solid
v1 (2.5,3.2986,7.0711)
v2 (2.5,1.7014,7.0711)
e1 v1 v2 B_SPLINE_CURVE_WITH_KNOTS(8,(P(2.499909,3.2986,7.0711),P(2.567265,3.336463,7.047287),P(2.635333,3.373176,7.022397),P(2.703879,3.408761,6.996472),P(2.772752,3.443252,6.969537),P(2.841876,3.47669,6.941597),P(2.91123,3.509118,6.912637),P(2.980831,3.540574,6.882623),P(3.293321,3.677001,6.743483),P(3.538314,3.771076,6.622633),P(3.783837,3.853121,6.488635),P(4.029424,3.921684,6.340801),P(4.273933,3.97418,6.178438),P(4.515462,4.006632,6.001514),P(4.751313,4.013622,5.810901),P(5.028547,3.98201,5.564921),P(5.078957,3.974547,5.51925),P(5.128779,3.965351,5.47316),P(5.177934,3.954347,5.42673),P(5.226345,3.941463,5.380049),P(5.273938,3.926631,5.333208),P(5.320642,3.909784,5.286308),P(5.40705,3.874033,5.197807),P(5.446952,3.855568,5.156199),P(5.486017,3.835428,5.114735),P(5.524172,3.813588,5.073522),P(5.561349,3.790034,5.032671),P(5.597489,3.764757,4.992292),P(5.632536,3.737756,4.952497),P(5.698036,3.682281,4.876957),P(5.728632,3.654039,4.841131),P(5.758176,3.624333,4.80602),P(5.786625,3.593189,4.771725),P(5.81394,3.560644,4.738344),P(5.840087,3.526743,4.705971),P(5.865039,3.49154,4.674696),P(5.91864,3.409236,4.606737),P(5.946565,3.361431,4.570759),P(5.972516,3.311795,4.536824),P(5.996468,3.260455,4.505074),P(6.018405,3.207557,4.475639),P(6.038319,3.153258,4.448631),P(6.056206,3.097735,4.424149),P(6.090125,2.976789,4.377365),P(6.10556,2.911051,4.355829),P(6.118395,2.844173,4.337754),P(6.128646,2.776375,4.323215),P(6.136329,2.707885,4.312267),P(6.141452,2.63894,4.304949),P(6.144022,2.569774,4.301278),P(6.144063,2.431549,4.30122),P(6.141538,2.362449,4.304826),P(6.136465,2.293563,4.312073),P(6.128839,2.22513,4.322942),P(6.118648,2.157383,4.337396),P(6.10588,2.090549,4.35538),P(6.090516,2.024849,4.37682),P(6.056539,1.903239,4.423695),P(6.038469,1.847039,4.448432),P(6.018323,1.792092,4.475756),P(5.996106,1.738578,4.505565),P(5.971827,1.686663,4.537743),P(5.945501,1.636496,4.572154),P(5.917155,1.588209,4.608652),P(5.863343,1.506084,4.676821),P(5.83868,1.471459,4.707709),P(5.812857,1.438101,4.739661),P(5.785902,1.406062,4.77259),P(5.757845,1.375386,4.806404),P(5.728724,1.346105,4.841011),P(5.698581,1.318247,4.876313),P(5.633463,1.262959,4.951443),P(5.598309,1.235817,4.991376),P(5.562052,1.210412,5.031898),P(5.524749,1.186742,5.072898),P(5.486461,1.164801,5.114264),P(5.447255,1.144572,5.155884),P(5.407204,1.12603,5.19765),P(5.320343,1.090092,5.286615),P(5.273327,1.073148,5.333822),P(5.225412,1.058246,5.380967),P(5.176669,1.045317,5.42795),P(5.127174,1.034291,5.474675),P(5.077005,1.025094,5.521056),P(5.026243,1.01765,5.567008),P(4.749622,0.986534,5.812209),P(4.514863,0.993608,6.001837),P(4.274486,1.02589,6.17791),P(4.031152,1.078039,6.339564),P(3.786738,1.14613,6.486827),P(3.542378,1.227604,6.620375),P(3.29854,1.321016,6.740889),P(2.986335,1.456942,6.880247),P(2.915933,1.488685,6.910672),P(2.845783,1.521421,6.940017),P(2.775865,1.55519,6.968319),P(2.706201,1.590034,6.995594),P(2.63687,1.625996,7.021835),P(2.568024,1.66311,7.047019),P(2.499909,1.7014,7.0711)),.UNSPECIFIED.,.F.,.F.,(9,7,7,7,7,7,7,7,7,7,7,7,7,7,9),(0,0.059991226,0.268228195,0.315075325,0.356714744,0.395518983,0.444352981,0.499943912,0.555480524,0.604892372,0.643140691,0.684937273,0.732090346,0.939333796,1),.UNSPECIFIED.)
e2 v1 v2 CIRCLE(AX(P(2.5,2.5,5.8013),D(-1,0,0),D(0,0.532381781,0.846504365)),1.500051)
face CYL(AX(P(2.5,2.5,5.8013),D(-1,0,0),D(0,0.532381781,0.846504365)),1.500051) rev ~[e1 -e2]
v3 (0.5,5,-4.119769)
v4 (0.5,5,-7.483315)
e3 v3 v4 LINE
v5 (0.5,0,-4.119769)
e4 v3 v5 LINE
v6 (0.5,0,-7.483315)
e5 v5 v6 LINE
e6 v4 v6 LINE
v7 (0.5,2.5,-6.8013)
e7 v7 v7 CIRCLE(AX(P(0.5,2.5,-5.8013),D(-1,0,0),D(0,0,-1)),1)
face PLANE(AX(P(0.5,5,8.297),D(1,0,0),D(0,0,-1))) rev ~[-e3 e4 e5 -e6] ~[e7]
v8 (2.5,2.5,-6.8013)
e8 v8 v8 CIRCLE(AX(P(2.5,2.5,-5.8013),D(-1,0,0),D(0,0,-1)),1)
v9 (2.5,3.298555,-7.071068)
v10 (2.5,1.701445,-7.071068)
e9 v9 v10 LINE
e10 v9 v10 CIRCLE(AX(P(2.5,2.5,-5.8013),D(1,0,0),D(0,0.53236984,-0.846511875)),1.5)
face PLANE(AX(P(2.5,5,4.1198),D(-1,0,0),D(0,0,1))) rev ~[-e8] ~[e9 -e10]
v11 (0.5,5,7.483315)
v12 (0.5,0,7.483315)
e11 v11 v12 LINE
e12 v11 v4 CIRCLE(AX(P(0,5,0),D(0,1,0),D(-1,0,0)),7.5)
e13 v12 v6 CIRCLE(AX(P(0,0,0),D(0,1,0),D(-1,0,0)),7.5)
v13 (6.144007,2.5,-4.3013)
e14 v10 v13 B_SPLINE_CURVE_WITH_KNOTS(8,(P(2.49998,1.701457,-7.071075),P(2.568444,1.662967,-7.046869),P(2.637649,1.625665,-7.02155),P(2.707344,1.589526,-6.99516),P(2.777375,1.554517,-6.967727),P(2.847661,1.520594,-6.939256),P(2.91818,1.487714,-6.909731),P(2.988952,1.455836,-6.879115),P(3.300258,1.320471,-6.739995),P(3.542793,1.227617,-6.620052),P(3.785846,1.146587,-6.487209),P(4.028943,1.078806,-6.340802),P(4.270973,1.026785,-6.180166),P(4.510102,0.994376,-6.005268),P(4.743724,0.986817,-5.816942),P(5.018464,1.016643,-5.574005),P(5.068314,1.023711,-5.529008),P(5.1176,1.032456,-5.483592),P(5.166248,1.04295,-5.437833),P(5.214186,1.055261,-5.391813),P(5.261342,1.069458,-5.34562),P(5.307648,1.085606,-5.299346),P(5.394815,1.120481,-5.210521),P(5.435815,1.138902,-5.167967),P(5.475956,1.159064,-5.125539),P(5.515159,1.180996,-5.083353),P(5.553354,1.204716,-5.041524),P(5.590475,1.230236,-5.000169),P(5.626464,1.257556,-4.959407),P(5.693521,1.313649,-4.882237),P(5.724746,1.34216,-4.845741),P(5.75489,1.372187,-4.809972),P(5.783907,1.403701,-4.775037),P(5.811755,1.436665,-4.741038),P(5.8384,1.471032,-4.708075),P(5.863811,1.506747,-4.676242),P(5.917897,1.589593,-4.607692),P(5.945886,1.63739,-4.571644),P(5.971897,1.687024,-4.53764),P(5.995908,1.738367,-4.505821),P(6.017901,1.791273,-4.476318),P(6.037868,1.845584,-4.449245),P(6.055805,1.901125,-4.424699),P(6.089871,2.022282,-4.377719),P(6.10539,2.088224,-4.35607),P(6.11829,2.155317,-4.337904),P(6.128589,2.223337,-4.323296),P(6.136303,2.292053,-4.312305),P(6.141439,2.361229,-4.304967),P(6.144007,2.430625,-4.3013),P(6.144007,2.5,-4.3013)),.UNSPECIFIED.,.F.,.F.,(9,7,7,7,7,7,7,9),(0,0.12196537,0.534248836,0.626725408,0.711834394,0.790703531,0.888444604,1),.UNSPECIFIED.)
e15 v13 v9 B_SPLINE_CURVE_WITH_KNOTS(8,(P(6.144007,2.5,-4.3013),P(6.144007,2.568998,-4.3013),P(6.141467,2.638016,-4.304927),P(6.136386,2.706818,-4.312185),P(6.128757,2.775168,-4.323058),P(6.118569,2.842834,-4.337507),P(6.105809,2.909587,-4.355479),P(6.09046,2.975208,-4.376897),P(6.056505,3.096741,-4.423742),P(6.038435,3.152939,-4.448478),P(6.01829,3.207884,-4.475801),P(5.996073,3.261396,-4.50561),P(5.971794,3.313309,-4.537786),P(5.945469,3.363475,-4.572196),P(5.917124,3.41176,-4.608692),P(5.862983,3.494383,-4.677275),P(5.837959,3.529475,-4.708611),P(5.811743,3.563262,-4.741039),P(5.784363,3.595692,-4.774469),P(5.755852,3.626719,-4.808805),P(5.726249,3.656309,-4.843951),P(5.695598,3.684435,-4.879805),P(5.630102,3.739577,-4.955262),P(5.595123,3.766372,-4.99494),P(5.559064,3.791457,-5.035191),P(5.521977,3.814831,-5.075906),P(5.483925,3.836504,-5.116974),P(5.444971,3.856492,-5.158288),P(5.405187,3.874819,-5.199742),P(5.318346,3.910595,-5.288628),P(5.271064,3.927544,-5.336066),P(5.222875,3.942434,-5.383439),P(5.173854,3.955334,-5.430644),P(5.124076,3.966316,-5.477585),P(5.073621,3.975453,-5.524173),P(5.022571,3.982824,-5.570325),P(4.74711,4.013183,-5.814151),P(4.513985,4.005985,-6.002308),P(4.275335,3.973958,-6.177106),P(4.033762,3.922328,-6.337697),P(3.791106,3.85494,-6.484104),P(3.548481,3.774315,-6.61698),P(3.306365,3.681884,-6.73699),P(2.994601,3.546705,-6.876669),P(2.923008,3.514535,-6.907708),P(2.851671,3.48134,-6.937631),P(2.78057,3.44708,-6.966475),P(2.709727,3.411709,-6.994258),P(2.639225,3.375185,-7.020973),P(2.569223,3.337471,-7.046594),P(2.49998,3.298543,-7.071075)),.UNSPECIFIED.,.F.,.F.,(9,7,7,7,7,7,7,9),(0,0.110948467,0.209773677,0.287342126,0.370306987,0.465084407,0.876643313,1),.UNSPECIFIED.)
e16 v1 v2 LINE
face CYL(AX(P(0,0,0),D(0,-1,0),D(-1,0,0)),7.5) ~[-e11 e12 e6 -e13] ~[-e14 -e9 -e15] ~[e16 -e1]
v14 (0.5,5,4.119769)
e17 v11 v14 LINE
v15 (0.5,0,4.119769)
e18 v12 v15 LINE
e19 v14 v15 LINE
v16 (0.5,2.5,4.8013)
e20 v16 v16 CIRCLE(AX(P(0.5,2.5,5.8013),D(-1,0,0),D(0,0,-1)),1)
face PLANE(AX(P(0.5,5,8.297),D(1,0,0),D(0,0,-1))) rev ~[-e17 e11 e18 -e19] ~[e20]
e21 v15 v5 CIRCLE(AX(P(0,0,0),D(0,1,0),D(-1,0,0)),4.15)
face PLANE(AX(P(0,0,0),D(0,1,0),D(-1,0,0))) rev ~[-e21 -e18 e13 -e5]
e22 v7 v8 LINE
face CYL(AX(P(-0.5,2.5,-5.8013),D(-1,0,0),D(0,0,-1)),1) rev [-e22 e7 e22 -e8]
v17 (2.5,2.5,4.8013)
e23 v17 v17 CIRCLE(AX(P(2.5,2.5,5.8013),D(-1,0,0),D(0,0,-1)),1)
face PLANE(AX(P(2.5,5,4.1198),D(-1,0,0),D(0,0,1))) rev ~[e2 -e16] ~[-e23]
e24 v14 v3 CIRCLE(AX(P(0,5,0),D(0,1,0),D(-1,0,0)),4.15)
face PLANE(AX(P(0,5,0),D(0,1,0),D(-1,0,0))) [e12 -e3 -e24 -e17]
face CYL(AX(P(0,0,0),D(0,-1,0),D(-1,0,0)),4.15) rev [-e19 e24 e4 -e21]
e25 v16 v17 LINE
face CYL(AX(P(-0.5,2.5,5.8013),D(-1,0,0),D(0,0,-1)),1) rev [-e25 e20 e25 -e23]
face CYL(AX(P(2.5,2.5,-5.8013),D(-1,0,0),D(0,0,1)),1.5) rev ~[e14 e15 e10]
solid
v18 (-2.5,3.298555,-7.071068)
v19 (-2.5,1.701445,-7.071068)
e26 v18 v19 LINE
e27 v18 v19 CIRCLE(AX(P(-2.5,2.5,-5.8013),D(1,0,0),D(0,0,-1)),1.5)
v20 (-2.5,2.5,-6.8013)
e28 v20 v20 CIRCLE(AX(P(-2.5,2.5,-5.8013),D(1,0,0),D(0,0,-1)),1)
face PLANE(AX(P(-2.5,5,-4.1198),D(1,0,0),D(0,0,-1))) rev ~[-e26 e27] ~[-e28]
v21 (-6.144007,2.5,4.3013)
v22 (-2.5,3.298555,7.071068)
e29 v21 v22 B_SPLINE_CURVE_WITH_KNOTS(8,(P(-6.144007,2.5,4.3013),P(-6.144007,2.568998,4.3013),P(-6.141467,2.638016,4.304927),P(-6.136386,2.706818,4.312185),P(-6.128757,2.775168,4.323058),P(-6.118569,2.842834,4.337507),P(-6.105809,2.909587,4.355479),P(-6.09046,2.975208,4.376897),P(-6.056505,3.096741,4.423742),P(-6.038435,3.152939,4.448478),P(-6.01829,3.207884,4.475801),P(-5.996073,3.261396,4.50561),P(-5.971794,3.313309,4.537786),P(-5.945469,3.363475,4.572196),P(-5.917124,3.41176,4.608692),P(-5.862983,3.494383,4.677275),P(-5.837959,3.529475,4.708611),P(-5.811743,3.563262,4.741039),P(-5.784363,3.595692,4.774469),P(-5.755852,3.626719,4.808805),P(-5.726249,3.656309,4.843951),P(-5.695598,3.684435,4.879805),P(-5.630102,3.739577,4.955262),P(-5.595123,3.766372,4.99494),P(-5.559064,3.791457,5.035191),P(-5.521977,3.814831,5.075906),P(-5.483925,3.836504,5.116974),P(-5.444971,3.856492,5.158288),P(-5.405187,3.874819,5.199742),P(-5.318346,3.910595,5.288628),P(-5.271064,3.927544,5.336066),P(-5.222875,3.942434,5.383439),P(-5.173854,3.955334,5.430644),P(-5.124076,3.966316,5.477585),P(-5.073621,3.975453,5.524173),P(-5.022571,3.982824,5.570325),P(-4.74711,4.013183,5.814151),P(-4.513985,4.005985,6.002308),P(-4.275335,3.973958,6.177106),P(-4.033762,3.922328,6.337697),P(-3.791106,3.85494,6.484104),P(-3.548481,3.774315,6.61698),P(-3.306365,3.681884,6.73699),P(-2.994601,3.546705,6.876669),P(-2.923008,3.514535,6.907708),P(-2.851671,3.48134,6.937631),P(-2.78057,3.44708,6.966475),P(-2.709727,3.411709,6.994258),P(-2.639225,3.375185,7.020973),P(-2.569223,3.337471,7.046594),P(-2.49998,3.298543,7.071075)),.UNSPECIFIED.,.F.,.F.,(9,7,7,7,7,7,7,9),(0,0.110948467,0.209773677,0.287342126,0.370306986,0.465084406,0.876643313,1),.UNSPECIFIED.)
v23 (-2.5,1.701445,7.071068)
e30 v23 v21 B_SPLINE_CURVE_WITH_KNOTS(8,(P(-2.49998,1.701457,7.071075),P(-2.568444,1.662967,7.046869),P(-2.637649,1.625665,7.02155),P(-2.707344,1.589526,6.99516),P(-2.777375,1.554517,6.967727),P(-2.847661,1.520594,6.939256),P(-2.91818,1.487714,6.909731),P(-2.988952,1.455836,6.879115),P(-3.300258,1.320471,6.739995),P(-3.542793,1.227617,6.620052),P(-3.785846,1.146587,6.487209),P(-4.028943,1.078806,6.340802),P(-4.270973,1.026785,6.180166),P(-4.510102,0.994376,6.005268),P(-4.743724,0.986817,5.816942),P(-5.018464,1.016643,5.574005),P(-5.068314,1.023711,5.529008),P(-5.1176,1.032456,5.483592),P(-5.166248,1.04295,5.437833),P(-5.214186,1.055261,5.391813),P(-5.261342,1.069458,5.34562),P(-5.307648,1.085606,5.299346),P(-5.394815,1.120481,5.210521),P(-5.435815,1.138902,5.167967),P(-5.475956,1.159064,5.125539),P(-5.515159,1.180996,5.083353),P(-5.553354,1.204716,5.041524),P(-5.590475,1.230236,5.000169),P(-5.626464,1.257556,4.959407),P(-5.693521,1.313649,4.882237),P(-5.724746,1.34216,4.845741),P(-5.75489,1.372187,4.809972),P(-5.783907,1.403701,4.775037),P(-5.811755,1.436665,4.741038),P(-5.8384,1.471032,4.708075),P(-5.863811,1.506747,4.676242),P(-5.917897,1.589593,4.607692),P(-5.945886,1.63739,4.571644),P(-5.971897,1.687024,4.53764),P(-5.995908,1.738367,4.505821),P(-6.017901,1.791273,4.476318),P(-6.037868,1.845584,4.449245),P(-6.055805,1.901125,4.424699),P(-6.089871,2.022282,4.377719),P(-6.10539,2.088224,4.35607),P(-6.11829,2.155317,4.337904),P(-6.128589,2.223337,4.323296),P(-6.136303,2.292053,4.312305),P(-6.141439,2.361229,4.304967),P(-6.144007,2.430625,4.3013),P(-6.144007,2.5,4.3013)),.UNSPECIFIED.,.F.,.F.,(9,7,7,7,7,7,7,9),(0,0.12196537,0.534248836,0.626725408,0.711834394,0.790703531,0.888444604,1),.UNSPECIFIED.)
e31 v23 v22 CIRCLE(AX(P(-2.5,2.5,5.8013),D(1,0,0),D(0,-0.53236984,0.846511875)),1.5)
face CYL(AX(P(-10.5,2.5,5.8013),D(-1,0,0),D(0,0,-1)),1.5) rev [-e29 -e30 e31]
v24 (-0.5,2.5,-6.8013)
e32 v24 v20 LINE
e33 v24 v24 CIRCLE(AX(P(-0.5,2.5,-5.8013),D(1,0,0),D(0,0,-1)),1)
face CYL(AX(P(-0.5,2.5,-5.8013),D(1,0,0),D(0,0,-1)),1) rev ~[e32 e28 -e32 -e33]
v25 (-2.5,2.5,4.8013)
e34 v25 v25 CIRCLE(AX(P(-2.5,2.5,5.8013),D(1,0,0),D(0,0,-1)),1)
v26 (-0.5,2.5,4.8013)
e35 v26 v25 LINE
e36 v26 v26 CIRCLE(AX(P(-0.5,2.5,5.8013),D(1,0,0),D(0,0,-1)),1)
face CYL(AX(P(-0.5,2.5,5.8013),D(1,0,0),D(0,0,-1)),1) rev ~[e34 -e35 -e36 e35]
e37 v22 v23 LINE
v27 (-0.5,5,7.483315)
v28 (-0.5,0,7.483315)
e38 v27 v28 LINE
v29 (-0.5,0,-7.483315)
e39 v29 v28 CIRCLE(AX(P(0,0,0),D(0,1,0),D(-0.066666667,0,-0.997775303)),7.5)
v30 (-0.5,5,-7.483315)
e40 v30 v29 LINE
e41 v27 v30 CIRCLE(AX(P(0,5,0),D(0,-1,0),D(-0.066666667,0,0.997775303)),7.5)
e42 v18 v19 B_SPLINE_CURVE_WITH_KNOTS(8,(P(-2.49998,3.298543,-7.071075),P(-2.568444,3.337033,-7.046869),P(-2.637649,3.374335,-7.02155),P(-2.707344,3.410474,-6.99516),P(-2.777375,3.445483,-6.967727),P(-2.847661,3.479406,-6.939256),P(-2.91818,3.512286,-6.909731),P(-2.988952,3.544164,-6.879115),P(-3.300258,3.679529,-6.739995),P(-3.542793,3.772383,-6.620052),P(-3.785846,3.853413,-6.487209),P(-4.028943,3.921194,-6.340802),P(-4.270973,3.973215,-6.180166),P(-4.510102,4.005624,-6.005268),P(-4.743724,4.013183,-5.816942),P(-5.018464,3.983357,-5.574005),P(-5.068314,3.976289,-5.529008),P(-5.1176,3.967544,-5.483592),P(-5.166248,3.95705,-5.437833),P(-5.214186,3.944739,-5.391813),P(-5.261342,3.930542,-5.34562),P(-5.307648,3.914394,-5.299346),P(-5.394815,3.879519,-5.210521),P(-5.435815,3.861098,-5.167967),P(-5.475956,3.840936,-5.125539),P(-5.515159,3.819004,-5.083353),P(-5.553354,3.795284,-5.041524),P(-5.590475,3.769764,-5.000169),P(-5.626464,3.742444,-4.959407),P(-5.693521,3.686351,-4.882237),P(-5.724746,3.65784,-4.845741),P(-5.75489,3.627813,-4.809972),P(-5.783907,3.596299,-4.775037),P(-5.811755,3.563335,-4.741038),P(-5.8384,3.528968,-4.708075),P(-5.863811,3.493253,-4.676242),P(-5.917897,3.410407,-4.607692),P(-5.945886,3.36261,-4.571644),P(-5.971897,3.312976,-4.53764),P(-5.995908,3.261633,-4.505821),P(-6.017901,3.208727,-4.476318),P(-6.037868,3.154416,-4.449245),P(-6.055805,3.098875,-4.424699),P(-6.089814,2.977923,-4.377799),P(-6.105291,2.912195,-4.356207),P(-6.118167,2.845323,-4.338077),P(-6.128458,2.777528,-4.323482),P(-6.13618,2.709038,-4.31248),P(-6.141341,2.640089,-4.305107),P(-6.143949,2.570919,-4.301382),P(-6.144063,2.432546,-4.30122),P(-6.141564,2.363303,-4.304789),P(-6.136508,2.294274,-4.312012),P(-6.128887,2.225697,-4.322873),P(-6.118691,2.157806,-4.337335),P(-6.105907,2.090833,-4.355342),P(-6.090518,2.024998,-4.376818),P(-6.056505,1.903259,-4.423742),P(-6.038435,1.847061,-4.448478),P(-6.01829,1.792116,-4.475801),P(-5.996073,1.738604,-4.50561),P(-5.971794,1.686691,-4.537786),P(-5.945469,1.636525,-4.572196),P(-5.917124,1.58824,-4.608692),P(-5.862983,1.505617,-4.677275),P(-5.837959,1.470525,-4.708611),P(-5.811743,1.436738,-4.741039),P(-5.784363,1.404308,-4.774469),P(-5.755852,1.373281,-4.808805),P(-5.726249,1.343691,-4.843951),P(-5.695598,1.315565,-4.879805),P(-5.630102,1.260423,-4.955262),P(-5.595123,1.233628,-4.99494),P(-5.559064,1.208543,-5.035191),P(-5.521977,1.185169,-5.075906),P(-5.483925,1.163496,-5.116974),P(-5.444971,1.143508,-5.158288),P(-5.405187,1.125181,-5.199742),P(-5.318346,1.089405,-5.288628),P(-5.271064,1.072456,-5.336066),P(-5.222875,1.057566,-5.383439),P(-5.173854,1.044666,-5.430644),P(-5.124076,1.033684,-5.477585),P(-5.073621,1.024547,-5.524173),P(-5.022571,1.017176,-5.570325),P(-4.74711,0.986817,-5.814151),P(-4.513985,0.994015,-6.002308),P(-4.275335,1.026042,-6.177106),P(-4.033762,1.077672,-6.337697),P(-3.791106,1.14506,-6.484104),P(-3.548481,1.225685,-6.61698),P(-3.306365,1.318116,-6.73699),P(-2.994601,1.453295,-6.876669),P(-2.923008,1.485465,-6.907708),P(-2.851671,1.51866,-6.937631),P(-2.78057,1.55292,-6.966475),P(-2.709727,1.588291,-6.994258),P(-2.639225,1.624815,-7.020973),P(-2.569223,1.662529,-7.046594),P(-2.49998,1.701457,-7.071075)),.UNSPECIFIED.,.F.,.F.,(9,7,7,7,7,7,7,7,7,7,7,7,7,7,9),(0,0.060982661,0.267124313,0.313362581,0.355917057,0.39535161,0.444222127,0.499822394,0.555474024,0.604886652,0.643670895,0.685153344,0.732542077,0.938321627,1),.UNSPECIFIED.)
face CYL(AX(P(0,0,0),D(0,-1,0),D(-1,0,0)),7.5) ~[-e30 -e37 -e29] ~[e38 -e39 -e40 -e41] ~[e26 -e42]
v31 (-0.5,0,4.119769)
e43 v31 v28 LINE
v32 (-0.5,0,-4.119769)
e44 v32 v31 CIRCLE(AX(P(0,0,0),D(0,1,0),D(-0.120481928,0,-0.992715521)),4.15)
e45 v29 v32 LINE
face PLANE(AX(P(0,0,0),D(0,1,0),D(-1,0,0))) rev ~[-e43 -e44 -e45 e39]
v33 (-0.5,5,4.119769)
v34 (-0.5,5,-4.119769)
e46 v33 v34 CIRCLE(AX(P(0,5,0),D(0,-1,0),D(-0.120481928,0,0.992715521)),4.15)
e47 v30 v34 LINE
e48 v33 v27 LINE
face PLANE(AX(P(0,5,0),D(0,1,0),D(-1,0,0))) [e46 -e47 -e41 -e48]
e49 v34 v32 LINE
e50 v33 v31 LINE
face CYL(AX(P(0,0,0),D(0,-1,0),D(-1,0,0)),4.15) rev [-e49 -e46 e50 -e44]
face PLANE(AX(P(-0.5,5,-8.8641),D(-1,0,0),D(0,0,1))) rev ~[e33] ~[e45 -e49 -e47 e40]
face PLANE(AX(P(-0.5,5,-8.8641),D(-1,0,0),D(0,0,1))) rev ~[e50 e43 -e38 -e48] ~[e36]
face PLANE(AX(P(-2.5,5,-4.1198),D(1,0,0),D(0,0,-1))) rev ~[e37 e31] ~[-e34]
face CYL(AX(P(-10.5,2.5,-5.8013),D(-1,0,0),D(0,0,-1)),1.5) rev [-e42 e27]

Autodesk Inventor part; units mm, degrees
ref_plane "YZ Plane" through (0, 0, 0) normal (1, 0, 0) x (0, 1, 0)
ref_plane "XZ Plane" through (0, 0, 0) normal (0, 1, 0) x (-1, 0, 0)
ref_plane "XY Plane" through (0, 0, 0) normal (0, 0, 1) x (1, 0, 0)
sketch "Sketch1" plane through (0, 0, 0) normal (0, 1, 0) x (-1, 0, 0)
  circle A0 centre (0, 0) radius 4.15
  circle A1 centre (0, 0) radius 7.5
  dimension "d0" = 8.3
  dimension "d1" = 15
extrude "Extrusion1" add sketch "Sketch1" along normal blind 5
sketch "Sketch2" plane through (0, 5, 0) normal (0, 1, 0) x (1, 0, 0)
  line L0 (-0.5, -8.297) -> (0.5, -8.297)
  line L1 (0.5, -8.297) -> (0.5, 8.8641)
  line L2 (0.5, 8.8641) -> (-0.5, 8.8641)
  line L3 (-0.5, 8.8641) -> (-0.5, -8.297)
  point P0 (0, 0)
  dimension "d4" = 1
  dimension "d5" = 0.5
extrude "Extrusion2" cut sketch "Sketch2" against normal blind 5
sketch "Sketch3" plane through (-0.5, 5, -4.1198) normal (1, 0, 0) x (0, 0, -1)
  circle A0 centre (1.6815, -2.5) radius 1
  line L0 (3.3635, -5) -> (3.3635, 0) projected
  line L1 (3.3635, -5) -> (-11.6031, -5) projected
  circle A1 centre (-9.9211, -2.5) radius 1
  line L2 (3.3635, 0) -> (-11.6031, 0) projected
  line L3 (-11.6031, 0) -> (-11.6031, -5) projected
  point P0 (-4.1198, -5)
  dimension "d8" = 2
  dimension "d9" = 1.682
  dimension "d10" = 2.5
  dimension "d11" = 2
  dimension "d12" = 2.5
  dimension "d13" = 1.682
extrude "Extrusion3" cut sketch "Sketch3" along normal mid plane 20 contours A0 | A1
ref_plane "Work Plane1" through (-10.5, 5, -4.1198) normal (1, 0, 0) x (0, 0, -1)
sketch "Sketch4" plane through (-10.5, 5, -4.1198) normal (1, 0, 0) x (0, 0, -1)
  circle A0 centre (1.6815, -2.5) radius 1.5
  circle A1 centre (-9.9211, -2.5) radius 1.5
  circle A2 centre (-9.9211, -2.5) radius 1 projected
  circle A3 centre (1.6815, -2.5) radius 1 projected
  point P0 (-4.1198, -5)
  dimension "d17" = 3
  dimension "d18" = 3
extrude "Extrusion4" cut sketch "Sketch4" along normal blind 8 contours A0 | A1 | A2 | A3
ref_plane "Work Plane2" through (2.5, 5, 4.1198) normal (-1, 0, 0) x (0, 0, 1)
sketch "Sketch6" plane through (2.5, 5, 4.1198) normal (-1, 0, 0) x (0, 0, 1)
  arc A0 (2.9513, -1.7014) -> (2.9513, -3.2986) centre (1.6815, -2.5) ccw projected
  circle A1 centre (1.6815, -2.5) radius 1.5
  circle A2 centre (-9.9211, -2.5) radius 1 projected
  circle A3 centre (-9.9211, -2.5) radius 1.5
  point P0 (-4.1198, -5)
  point P1 (2.9513, -3.2986)
  dimension "d31" = 3
  dimension "d32" = 3
extrude "Extrusion6" cut sketch "Sketch6" against normal blind 10 contours A1 A0 | A2 | A3
properties part number "collar"
